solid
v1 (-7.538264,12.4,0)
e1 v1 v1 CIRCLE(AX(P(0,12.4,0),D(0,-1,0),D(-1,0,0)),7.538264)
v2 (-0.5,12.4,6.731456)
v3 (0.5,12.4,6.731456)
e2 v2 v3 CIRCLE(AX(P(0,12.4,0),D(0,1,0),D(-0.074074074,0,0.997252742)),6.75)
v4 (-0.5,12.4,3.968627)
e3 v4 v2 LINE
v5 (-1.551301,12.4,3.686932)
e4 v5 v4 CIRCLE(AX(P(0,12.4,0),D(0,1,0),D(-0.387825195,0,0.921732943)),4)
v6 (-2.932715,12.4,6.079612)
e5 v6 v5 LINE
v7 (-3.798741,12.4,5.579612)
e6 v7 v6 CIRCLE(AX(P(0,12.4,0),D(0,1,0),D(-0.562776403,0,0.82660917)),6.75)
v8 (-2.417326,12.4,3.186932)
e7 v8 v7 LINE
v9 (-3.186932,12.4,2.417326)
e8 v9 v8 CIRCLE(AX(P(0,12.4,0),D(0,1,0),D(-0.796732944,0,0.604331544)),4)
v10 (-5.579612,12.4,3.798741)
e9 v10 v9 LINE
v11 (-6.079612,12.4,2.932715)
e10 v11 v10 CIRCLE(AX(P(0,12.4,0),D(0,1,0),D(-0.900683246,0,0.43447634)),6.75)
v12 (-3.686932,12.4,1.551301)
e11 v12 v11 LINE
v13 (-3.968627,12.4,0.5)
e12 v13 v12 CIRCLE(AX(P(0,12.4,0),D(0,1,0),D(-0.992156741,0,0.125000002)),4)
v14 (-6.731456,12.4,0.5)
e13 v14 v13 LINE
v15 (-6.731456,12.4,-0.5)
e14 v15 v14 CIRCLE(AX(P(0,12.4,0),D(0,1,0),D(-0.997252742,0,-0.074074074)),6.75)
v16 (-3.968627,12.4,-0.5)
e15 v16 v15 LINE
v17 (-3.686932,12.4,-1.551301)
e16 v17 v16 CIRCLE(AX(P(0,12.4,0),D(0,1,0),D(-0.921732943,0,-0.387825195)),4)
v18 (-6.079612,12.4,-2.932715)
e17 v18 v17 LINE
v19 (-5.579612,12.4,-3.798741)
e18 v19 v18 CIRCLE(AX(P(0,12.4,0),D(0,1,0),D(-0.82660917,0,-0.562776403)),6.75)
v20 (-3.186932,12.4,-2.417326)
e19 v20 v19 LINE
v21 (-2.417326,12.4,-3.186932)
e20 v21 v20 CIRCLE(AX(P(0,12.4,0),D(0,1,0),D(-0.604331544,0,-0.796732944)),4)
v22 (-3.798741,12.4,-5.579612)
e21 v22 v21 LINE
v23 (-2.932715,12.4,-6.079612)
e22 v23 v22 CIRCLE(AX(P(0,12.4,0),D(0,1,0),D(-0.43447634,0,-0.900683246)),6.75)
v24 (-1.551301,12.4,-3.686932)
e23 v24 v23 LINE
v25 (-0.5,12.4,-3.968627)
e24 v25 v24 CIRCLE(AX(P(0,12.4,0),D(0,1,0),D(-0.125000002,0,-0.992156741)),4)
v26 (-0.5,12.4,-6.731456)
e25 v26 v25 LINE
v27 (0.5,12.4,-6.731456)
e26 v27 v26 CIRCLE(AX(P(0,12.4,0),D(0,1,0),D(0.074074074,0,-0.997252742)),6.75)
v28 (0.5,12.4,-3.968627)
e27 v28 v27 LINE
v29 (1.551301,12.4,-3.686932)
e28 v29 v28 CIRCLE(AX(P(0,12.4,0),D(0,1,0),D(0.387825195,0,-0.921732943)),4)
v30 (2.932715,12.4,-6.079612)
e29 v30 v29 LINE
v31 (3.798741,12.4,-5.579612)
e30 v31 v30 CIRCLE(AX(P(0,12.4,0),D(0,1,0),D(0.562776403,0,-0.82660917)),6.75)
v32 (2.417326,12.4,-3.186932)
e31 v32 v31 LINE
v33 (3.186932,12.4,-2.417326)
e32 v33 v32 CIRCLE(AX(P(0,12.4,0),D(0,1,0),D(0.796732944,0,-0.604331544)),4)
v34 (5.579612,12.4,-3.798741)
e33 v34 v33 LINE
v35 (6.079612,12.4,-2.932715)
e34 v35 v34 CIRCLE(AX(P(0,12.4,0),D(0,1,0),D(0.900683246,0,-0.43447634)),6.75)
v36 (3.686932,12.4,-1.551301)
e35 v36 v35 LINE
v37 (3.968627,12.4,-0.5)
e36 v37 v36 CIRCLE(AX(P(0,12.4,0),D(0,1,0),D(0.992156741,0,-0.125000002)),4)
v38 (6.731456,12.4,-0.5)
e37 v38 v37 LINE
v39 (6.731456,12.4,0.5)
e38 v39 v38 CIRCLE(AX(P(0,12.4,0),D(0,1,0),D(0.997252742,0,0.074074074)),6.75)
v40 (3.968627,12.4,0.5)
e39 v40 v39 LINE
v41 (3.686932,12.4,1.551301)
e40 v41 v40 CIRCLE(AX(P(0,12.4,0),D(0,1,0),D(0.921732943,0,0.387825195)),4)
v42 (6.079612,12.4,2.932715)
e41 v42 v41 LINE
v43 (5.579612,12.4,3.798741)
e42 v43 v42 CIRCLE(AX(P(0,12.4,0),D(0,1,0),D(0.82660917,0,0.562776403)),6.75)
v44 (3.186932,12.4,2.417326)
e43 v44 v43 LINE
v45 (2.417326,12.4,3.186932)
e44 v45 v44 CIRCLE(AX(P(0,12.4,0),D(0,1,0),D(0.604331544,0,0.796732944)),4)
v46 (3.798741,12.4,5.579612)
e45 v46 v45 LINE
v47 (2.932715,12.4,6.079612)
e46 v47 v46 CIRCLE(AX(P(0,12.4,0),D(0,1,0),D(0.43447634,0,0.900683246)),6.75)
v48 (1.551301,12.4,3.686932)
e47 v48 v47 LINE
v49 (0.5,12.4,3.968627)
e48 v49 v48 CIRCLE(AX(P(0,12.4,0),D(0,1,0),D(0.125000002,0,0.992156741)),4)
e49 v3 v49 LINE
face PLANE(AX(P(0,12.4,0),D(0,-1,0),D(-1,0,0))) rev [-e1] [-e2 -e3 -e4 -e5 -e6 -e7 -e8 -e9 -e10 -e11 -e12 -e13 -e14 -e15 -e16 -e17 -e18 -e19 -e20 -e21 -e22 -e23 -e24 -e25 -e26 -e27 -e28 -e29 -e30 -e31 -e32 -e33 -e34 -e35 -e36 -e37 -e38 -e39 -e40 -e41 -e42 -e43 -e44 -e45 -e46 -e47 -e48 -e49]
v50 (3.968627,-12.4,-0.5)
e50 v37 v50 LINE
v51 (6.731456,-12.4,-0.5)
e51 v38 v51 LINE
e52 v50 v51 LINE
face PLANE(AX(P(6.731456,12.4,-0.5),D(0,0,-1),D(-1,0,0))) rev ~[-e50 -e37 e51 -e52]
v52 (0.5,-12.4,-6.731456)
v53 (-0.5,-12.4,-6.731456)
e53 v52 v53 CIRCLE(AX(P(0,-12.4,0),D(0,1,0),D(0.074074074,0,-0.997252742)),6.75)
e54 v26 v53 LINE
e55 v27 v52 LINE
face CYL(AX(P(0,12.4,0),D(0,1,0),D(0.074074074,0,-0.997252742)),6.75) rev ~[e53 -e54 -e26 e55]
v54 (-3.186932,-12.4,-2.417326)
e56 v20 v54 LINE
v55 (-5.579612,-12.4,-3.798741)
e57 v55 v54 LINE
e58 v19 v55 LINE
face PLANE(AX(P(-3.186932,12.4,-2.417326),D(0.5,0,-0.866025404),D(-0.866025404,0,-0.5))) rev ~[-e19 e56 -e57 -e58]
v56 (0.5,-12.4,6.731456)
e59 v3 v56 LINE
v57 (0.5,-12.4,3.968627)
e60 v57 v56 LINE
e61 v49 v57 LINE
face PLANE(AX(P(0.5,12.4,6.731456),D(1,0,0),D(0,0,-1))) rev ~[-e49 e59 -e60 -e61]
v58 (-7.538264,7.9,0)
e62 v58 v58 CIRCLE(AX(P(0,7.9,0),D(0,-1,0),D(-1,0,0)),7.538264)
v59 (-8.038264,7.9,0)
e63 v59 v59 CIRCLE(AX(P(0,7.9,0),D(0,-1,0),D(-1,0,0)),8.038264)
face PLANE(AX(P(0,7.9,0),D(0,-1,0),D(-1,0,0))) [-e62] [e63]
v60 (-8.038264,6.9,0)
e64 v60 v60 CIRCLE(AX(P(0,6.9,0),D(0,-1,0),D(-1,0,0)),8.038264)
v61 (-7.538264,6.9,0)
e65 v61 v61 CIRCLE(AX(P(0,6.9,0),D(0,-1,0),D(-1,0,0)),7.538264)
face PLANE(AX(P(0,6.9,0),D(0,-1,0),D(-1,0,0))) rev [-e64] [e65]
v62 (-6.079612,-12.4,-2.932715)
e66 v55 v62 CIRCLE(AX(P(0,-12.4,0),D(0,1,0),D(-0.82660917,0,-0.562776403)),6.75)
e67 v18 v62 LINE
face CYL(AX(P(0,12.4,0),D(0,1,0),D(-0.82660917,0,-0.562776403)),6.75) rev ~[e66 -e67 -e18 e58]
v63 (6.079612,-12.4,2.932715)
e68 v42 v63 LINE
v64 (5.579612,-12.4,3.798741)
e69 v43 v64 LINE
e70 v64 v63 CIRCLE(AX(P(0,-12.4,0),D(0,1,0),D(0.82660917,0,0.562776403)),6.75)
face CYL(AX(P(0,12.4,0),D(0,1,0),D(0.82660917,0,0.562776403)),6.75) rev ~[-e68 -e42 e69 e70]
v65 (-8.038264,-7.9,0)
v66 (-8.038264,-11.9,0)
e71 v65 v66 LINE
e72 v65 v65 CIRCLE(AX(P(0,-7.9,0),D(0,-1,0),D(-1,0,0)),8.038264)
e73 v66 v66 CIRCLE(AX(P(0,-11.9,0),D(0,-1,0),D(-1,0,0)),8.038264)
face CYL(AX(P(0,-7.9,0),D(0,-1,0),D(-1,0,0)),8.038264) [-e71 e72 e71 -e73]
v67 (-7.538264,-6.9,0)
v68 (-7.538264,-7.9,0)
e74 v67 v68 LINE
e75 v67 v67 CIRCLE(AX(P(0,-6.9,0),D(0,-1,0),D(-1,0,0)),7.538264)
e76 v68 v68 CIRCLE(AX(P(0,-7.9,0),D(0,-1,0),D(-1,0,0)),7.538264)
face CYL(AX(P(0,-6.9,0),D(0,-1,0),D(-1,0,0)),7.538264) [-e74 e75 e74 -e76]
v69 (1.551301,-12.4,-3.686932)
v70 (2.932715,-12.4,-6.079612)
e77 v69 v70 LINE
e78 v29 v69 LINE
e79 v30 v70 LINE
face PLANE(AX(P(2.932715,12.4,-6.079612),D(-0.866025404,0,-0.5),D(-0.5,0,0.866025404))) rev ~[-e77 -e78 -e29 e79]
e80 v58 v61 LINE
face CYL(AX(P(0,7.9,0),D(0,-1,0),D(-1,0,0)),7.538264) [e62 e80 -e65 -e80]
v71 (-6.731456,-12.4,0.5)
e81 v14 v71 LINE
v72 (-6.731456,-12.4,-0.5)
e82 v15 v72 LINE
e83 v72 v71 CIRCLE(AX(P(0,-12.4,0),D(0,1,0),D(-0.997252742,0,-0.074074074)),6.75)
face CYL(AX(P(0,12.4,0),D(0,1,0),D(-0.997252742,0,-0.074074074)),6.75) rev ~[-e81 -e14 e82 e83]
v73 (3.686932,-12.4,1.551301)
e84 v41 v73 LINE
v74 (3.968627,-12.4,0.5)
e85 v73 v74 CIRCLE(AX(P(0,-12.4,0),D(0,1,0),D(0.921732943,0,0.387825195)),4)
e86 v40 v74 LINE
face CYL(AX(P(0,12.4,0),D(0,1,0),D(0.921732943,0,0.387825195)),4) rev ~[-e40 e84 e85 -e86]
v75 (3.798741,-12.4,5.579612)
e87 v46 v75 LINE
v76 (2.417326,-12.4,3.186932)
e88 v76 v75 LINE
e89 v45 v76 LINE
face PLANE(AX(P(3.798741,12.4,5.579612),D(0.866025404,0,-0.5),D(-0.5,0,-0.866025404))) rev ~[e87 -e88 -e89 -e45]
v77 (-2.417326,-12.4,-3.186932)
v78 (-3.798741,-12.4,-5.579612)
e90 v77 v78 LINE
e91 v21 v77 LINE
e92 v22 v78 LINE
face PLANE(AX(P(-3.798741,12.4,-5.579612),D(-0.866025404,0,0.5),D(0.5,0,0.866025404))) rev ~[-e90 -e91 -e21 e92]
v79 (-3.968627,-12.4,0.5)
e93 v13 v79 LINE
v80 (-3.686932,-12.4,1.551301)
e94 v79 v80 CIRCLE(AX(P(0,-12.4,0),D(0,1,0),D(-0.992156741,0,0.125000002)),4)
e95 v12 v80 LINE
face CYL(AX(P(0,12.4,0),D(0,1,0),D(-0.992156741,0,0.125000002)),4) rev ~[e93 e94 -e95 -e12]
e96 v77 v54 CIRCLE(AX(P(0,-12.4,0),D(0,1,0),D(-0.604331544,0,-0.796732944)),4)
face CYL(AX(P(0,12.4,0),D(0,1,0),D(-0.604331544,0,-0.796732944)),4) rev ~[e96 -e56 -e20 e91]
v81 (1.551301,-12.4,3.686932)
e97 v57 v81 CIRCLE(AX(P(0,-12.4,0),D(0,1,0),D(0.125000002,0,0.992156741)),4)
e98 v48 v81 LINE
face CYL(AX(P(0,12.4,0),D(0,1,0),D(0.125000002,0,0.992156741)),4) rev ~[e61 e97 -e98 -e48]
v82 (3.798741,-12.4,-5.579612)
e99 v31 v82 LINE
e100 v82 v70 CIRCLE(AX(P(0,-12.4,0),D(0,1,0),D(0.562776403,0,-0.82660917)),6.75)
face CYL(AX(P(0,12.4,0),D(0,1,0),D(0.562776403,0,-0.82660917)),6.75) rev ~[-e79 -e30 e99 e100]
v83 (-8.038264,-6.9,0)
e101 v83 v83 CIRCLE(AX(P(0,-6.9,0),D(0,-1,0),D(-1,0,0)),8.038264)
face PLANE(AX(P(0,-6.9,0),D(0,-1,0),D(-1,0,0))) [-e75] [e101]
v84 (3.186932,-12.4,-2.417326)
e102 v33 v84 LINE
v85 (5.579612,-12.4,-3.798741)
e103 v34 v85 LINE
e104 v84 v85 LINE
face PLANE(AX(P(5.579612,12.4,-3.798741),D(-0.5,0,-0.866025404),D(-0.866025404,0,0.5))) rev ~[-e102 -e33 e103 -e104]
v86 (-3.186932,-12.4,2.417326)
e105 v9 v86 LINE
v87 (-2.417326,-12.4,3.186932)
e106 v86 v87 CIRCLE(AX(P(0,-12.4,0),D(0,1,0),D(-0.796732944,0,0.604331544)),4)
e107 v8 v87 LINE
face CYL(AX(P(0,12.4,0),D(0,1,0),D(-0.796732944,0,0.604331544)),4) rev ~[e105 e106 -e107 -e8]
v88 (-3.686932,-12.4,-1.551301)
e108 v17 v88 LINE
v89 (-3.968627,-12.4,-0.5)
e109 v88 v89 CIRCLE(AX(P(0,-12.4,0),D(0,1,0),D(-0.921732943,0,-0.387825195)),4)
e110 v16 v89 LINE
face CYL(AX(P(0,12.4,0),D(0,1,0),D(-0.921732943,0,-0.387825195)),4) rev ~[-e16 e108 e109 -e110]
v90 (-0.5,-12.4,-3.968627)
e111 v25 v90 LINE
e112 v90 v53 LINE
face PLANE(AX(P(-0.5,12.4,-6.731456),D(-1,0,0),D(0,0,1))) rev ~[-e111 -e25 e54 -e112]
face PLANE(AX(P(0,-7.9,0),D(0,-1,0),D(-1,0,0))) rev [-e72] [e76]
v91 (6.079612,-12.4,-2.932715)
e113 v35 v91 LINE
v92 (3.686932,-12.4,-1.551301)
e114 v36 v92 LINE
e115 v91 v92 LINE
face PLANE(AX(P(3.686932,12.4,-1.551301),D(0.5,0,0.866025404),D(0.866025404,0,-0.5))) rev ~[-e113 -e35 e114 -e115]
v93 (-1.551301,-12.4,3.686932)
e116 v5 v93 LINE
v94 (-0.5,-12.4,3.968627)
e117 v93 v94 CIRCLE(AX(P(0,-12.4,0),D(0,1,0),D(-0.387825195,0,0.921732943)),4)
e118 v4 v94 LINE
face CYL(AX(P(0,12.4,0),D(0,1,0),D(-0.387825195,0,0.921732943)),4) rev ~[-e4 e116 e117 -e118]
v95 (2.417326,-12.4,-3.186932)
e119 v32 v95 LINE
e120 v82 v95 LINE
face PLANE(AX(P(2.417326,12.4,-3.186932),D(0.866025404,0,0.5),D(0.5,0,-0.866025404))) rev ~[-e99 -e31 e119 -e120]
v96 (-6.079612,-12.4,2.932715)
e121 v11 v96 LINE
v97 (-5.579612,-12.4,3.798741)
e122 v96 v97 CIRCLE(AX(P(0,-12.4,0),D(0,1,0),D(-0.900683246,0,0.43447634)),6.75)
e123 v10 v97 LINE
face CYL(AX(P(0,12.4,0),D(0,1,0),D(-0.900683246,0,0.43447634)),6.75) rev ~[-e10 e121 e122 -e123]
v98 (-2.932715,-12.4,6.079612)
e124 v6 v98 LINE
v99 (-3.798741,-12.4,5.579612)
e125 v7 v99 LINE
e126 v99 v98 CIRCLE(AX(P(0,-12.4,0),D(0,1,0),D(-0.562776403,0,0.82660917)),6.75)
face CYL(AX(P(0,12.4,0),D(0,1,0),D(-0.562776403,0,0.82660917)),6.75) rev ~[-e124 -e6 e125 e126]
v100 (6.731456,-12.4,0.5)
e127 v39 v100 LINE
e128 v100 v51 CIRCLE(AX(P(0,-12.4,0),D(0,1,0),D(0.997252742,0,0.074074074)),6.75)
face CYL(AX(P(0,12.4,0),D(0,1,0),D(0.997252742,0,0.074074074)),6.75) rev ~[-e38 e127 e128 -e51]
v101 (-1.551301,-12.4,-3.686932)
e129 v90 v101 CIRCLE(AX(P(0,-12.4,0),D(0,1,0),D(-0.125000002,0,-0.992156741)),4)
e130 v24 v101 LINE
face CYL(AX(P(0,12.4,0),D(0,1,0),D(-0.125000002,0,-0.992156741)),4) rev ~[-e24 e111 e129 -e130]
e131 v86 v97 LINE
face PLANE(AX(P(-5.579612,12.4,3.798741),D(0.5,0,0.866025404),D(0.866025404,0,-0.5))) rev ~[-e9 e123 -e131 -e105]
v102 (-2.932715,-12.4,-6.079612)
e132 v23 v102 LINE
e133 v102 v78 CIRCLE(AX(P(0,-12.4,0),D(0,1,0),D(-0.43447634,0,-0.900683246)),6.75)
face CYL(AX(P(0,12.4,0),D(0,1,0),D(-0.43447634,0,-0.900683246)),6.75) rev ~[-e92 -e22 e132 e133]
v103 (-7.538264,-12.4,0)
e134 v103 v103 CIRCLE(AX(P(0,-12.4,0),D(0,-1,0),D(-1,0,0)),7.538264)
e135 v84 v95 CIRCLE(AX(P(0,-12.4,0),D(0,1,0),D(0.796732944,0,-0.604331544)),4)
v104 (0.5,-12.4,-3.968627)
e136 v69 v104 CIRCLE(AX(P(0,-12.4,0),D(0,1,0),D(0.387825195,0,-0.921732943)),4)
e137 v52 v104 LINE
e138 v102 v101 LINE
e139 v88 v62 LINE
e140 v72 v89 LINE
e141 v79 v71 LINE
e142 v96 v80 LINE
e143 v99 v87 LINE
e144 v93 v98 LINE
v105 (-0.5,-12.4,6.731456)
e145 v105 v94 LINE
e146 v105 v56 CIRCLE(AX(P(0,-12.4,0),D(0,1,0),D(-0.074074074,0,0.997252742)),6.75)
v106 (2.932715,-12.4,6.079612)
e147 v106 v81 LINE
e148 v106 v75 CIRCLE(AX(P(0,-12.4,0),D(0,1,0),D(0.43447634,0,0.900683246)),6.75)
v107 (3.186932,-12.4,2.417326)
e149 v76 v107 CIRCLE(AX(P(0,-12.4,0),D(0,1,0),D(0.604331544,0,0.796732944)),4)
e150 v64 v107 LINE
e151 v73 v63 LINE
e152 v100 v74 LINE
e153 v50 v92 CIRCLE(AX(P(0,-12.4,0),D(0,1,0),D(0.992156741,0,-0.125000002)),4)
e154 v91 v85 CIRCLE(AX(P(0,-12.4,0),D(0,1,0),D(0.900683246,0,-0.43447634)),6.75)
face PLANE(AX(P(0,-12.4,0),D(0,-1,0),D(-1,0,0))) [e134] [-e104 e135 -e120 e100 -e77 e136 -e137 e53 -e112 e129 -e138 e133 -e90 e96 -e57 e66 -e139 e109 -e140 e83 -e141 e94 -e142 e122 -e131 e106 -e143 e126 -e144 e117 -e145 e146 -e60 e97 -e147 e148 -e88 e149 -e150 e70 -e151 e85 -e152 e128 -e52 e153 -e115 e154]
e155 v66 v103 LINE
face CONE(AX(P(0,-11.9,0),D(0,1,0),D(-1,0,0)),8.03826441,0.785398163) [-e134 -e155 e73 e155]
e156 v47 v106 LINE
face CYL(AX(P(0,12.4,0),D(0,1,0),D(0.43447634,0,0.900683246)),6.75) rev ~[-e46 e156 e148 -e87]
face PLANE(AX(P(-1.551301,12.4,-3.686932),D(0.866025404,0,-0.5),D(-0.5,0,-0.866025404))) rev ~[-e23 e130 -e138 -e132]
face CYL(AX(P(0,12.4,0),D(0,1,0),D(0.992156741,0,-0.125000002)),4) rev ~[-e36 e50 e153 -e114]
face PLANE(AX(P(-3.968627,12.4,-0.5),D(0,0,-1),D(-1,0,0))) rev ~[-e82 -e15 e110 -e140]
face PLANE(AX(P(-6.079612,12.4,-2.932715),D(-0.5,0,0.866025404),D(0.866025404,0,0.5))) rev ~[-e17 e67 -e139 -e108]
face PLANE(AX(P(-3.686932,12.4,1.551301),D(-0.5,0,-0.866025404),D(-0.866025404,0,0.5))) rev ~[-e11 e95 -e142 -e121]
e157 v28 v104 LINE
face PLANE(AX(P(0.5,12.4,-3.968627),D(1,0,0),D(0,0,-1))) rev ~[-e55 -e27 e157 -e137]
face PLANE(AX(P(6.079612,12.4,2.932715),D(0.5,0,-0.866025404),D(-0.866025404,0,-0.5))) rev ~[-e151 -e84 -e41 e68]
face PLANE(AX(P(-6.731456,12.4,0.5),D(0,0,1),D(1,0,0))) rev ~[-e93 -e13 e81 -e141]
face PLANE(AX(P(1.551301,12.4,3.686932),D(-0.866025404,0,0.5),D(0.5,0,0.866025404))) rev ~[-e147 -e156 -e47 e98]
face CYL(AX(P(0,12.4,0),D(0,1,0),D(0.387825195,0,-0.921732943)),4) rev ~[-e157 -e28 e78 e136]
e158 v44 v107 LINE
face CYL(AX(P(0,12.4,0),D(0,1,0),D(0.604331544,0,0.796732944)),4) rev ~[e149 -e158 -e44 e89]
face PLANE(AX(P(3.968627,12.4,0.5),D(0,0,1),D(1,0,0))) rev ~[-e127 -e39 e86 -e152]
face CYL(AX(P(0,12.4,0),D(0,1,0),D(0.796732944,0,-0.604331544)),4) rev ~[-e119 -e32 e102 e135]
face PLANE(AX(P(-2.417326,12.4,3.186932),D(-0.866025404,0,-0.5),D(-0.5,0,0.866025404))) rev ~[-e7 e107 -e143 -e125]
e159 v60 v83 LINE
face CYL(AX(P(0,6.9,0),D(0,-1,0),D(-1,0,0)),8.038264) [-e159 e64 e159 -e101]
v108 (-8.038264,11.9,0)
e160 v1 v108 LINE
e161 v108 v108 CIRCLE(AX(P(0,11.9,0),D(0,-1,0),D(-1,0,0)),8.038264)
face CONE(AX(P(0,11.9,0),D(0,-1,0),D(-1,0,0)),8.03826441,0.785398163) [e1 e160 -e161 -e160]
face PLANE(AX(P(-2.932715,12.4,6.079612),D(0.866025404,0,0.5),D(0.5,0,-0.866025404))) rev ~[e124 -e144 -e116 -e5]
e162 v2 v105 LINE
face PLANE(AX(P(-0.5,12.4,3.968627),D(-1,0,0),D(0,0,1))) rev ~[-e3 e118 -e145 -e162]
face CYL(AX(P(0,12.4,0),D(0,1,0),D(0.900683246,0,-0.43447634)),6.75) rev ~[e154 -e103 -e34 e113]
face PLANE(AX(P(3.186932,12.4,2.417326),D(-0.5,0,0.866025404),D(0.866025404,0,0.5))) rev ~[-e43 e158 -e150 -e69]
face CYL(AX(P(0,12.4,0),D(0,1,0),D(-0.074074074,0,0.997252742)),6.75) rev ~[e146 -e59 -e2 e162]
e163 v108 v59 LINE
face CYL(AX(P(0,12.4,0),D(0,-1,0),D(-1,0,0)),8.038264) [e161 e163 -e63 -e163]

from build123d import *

# Parameters (mm, degrees)
CHANFREIN1_SIZE         = 0.5
ENL_V_MAT_EXTRU_1_DEPTH = 25.8


with BuildPart() as part:
    # Esquisse2 → Révolution1 (revolve)
    with BuildSketch(Plane.XY):
        Polygon((0, 12.4), (-8.03826441, 12.4), (-8.03826441, 7.9), (-7.53826441, 7.9), (-7.53826441, 6.9), (-8.03826441, 6.9), (-8.03826441, -6.9), (-7.53826441, -6.9), (-7.53826441, -7.9), (-8.03826441, -7.9), (-8.03826441, -12.4), (0, -12.4), align=None)
    revolve(axis=Axis((0, 0, 0), (0, -1, 0)))

    # Chanfrein1
    chanfrein1_edges = [part.edges().sort_by_distance(p)[0] for p in [
        (8.03826441, 12.4, 0),
        (8.03826441, -12.4, 0),
    ]]
    chamfer(chanfrein1_edges, length=CHANFREIN1_SIZE)

    # Esquisse3 → Enlèv. mat.-Extru.1 (cut, through all)
    with BuildSketch(Plane(origin=(0, 12.4, 0), x_dir=(1, 0, 0), z_dir=(0, 1, 0))):
        with BuildLine():
            Line((-0.5, 6.731456009), (-0.5, 3.968626967))
            ThreePointArc((-0.5, 3.968626967), (-1.03527618, 3.863703305), (-1.551300781, 3.686931771))
            Line((-1.551300781, 3.686931771), (-2.932715303, 6.079611908))
            ThreePointArc((-2.932715303, 6.079611908), (-3.375, 5.845671476), (-3.798740706, 5.579611908))
            Line((-3.798740706, 5.579611908), (-2.417326185, 3.186931771))
            ThreePointArc((-2.417326185, 3.186931771), (-2.828427125, 2.828427125), (-3.186931771, 2.417326185))
            Line((-3.186931771, 2.417326185), (-5.579611908, 3.798740706))
            ThreePointArc((-5.579611908, 3.798740706), (-5.845671476, 3.375), (-6.079611908, 2.932715303))
            Line((-6.079611908, 2.932715303), (-3.686931771, 1.551300781))
            ThreePointArc((-3.686931771, 1.551300781), (-3.863703305, 1.03527618), (-3.968626967, 0.5))
            Line((-3.968626967, 0.5), (-6.731456009, 0.5))
            ThreePointArc((-6.731456009, 0.5), (-6.75, 0), (-6.731456009, -0.5))
            Line((-6.731456009, -0.5), (-3.968626967, -0.5))
            ThreePointArc((-3.968626967, -0.5), (-3.863703305, -1.03527618), (-3.686931771, -1.551300781))
            Line((-3.686931771, -1.551300781), (-6.079611908, -2.932715303))
            ThreePointArc((-6.079611908, -2.932715303), (-5.845671476, -3.375), (-5.579611908, -3.798740706))
            Line((-5.579611908, -3.798740706), (-3.186931771, -2.417326185))
            ThreePointArc((-3.186931771, -2.417326185), (-2.828427125, -2.828427125), (-2.417326185, -3.186931771))
            Line((-2.417326185, -3.186931771), (-3.798740706, -5.579611908))
            ThreePointArc((-3.798740706, -5.579611908), (-3.375, -5.845671476), (-2.932715303, -6.079611908))
            Line((-2.932715303, -6.079611908), (-1.551300781, -3.686931771))
            ThreePointArc((-1.551300781, -3.686931771), (-1.03527618, -3.863703305), (-0.5, -3.968626967))
            Line((-0.5, -3.968626967), (-0.5, -6.731456009))
            ThreePointArc((-0.5, -6.731456009), (0, -6.75), (0.5, -6.731456009))
            Line((0.5, -6.731456009), (0.5, -3.968626967))
            ThreePointArc((0.5, -3.968626967), (1.03527618, -3.863703305), (1.551300781, -3.686931771))
            Line((1.551300781, -3.686931771), (2.932715303, -6.079611908))
            ThreePointArc((2.932715303, -6.079611908), (3.375, -5.845671476), (3.798740706, -5.579611908))
            Line((3.798740706, -5.579611908), (2.417326185, -3.186931771))
            ThreePointArc((2.417326185, -3.186931771), (2.828427125, -2.828427125), (3.186931771, -2.417326185))
            Line((3.186931771, -2.417326185), (5.579611908, -3.798740706))
            ThreePointArc((5.579611908, -3.798740706), (5.845671476, -3.375), (6.079611908, -2.932715303))
            Line((6.079611908, -2.932715303), (3.686931771, -1.551300781))
            ThreePointArc((3.686931771, -1.551300781), (3.863703305, -1.03527618), (3.968626967, -0.5))
            Line((3.968626967, -0.5), (6.731456009, -0.5))
            ThreePointArc((6.731456009, -0.5), (6.75, 0), (6.731456009, 0.5))
            Line((6.731456009, 0.5), (3.968626967, 0.5))
            ThreePointArc((3.968626967, 0.5), (3.863703305, 1.03527618), (3.686931771, 1.551300781))
            Line((3.686931771, 1.551300781), (6.079611908, 2.932715303))
            ThreePointArc((6.079611908, 2.932715303), (5.845671476, 3.375), (5.579611908, 3.798740706))
            Line((5.579611908, 3.798740706), (3.186931771, 2.417326185))
            ThreePointArc((3.186931771, 2.417326185), (2.828427125, 2.828427125), (2.417326185, 3.186931771))
            Line((2.417326185, 3.186931771), (3.798740706, 5.579611908))
            ThreePointArc((3.798740706, 5.579611908), (3.375, 5.845671476), (2.932715303, 6.079611908))
            Line((2.932715303, 6.079611908), (1.551300781, 3.686931771))
            ThreePointArc((1.551300781, 3.686931771), (1.03527618, 3.863703305), (0.5, 3.968626967))
            Line((0.5, 3.968626967), (0.5, 6.731456009))
            ThreePointArc((0.5, 6.731456009), (0, 6.75), (-0.5, 6.731456009))
        make_face()
    extrude(amount=-ENL_V_MAT_EXTRU_1_DEPTH, mode=Mode.SUBTRACT)


solid = part.part
